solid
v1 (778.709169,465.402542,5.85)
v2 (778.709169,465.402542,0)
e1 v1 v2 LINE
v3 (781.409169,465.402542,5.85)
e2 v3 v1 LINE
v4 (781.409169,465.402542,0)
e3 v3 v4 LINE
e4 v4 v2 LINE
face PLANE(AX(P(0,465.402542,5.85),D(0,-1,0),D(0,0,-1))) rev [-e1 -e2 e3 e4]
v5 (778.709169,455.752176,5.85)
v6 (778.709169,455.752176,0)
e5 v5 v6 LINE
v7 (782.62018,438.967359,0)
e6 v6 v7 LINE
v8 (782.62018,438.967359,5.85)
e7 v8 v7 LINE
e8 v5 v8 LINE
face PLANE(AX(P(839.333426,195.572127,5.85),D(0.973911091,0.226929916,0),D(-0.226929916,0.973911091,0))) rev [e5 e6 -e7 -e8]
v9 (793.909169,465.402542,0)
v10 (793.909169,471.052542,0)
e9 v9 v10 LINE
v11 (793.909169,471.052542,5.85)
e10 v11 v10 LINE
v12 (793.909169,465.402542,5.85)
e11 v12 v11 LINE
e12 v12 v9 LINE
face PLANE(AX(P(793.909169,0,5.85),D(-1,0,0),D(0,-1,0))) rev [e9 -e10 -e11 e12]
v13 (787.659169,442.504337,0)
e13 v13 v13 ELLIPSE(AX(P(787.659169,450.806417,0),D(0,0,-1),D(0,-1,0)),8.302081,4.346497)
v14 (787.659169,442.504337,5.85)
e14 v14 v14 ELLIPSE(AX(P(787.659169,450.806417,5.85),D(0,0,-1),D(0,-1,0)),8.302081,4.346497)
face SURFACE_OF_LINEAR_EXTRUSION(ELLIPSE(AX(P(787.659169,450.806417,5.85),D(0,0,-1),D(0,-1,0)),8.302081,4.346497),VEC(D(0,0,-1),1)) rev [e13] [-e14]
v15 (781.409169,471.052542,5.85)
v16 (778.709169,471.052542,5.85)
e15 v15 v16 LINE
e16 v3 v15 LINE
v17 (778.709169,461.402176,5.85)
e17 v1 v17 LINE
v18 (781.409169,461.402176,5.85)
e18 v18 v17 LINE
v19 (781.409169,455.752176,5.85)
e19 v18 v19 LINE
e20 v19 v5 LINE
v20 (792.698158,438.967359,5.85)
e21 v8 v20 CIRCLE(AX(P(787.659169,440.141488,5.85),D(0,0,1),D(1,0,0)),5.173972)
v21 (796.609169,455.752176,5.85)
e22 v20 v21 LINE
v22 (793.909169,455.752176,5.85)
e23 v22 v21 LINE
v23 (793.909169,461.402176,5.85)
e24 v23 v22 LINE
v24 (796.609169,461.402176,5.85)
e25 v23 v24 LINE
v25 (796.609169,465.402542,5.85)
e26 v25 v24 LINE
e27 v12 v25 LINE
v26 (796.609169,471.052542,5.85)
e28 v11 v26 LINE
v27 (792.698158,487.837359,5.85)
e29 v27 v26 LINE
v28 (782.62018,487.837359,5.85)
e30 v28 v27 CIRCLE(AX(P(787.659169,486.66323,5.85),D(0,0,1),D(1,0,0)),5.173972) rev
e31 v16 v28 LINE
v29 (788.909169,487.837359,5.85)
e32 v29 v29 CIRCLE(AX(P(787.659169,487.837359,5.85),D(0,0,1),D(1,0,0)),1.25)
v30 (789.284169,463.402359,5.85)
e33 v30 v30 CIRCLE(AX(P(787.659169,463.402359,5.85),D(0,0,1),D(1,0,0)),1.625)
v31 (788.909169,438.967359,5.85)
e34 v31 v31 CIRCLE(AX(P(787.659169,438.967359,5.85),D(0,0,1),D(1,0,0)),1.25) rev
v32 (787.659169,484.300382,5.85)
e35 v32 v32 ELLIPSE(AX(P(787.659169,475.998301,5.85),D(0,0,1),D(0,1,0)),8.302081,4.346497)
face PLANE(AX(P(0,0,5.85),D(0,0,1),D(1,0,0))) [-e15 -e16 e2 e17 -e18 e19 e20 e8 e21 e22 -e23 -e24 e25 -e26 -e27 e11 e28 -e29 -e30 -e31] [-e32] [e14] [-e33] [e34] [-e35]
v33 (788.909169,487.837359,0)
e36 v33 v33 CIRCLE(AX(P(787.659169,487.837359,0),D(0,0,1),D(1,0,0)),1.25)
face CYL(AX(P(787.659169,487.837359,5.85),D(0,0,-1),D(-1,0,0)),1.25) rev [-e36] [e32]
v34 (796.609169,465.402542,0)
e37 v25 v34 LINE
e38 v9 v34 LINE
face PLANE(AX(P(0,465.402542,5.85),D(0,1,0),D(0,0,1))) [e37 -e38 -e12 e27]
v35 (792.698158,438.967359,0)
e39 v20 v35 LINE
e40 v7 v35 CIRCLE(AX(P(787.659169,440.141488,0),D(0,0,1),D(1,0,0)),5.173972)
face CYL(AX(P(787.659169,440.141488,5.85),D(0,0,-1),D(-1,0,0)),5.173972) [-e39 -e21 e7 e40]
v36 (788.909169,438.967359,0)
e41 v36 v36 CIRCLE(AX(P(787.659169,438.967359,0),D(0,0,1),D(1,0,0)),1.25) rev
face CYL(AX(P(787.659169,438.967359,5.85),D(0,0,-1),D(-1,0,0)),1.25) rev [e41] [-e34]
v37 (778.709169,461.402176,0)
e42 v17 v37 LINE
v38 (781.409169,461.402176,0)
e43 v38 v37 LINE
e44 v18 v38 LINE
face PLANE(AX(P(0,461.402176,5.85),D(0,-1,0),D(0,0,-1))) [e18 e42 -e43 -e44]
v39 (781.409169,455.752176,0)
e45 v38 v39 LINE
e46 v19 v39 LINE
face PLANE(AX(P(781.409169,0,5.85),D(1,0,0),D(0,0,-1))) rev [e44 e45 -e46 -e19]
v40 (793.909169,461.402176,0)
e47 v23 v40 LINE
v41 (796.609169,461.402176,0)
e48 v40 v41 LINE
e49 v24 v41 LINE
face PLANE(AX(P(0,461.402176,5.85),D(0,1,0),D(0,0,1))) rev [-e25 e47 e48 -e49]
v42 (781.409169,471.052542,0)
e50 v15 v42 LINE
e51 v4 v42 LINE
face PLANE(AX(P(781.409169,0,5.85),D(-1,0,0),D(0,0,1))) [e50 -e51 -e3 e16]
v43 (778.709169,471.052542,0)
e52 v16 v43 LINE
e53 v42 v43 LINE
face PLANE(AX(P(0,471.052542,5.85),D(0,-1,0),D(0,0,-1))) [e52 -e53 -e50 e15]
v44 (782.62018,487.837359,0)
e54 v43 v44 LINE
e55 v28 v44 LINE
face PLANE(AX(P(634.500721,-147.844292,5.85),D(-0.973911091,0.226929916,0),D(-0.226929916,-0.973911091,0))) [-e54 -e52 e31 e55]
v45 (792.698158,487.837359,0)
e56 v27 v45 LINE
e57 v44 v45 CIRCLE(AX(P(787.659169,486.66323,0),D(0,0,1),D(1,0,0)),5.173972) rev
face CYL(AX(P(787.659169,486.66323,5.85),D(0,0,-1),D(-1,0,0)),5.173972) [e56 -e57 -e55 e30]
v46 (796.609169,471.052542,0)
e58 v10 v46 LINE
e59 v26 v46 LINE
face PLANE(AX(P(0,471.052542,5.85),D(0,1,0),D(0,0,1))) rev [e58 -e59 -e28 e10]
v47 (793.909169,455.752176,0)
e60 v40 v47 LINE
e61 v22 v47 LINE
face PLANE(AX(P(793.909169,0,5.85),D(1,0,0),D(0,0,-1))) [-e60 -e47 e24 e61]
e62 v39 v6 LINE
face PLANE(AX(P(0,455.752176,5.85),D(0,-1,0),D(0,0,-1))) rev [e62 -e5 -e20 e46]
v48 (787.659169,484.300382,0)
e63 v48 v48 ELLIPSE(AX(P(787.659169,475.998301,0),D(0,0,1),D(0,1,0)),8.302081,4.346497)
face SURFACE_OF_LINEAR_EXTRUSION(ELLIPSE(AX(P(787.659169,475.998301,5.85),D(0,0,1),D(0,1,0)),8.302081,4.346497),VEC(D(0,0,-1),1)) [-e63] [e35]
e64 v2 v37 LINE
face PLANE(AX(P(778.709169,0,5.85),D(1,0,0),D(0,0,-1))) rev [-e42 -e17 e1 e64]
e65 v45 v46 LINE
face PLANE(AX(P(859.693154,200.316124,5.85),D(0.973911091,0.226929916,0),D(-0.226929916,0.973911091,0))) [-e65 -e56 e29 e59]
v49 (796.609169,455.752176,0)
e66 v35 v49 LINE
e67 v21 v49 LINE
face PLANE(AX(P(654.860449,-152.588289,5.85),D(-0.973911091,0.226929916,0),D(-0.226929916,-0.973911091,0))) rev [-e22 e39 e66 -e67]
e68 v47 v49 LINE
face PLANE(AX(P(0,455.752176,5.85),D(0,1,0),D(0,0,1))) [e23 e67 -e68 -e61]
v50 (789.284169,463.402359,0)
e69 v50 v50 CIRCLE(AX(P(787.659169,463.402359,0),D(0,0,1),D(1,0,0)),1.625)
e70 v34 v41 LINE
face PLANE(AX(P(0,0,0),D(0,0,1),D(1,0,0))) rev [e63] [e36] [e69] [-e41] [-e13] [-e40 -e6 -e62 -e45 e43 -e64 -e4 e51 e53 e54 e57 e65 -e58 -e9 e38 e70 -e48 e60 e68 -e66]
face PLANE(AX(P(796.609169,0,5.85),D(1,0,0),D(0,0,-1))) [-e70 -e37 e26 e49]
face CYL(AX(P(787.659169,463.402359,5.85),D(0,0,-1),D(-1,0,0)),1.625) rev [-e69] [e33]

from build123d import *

# Parameters (mm, degrees)
SKETCH1_R           = 1.25
SKETCH1_R_2         = 1.625
SKETCH1_RX          = 8.302080555
SKETCH1_RY          = 4.346497416
BOSS_EXTRUDE1_DEPTH = 5.85


with BuildPart() as part:
    # Sketch1 → Boss-Extrude1 (new body)
    with BuildSketch(Plane.XY):
        with BuildLine():
            Line((781.409168709, 465.402542), (778.709168709, 465.402542))
            Line((778.709168709, 465.402542), (778.709168709, 461.402176393))
            Line((778.709168709, 461.402176393), (781.409168709, 461.402176393))
            Line((781.409168709, 461.402176393), (781.409168709, 455.752176393))
            Line((781.409168709, 455.752176393), (778.709168709, 455.752176393))
            Line((778.709168709, 455.752176393), (782.620179881, 438.967359197))
            ThreePointArc((782.620179881, 438.967359197), (787.659168709, 434.967516139), (792.698157537, 438.967359197))
            Line((792.698157537, 438.967359197), (796.609168709, 455.752176393))
            Line((796.609168709, 455.752176393), (793.909168709, 455.752176393))
            Line((793.909168709, 455.752176393), (793.909168709, 461.402176393))
            Line((793.909168709, 461.402176393), (796.609168709, 461.402176393))
            Line((796.609168709, 461.402176393), (796.609168709, 465.402542))
            Line((796.609168709, 465.402542), (793.909168709, 465.402542))
            Line((793.909168709, 465.402542), (793.909168709, 471.052542))
            Line((793.909168709, 471.052542), (796.609168709, 471.052542))
            Line((796.609168709, 471.052542), (792.698157537, 487.837359197))
            ThreePointArc((792.698157537, 487.837359197), (787.659168709, 491.837202254), (782.620179881, 487.837359197))
            Line((782.620179881, 487.837359197), (778.709168709, 471.052542))
            Line((778.709168709, 471.052542), (781.409168709, 471.052542))
            Line((781.409168709, 471.052542), (781.409168709, 465.402542))
        make_face()
        with Locations((787.659168709, 487.837359197)):
            Circle(SKETCH1_R, mode=Mode.SUBTRACT)
        with Locations((787.659168709, 438.967359197)):
            Circle(SKETCH1_R, mode=Mode.SUBTRACT)
        with Locations((787.659168709, 463.402359197)):
            Circle(SKETCH1_R_2, mode=Mode.SUBTRACT)
        with Locations(Location((787.659168709, 475.998301041), (0, 0, -90))):
            Ellipse(SKETCH1_RX, SKETCH1_RY, mode=Mode.SUBTRACT)
        with Locations(Location((787.659168709, 450.806417352), (0, 0, -90))):
            Ellipse(SKETCH1_RX, SKETCH1_RY, mode=Mode.SUBTRACT)
    extrude(amount=BOSS_EXTRUDE1_DEPTH)


solid = part.part
